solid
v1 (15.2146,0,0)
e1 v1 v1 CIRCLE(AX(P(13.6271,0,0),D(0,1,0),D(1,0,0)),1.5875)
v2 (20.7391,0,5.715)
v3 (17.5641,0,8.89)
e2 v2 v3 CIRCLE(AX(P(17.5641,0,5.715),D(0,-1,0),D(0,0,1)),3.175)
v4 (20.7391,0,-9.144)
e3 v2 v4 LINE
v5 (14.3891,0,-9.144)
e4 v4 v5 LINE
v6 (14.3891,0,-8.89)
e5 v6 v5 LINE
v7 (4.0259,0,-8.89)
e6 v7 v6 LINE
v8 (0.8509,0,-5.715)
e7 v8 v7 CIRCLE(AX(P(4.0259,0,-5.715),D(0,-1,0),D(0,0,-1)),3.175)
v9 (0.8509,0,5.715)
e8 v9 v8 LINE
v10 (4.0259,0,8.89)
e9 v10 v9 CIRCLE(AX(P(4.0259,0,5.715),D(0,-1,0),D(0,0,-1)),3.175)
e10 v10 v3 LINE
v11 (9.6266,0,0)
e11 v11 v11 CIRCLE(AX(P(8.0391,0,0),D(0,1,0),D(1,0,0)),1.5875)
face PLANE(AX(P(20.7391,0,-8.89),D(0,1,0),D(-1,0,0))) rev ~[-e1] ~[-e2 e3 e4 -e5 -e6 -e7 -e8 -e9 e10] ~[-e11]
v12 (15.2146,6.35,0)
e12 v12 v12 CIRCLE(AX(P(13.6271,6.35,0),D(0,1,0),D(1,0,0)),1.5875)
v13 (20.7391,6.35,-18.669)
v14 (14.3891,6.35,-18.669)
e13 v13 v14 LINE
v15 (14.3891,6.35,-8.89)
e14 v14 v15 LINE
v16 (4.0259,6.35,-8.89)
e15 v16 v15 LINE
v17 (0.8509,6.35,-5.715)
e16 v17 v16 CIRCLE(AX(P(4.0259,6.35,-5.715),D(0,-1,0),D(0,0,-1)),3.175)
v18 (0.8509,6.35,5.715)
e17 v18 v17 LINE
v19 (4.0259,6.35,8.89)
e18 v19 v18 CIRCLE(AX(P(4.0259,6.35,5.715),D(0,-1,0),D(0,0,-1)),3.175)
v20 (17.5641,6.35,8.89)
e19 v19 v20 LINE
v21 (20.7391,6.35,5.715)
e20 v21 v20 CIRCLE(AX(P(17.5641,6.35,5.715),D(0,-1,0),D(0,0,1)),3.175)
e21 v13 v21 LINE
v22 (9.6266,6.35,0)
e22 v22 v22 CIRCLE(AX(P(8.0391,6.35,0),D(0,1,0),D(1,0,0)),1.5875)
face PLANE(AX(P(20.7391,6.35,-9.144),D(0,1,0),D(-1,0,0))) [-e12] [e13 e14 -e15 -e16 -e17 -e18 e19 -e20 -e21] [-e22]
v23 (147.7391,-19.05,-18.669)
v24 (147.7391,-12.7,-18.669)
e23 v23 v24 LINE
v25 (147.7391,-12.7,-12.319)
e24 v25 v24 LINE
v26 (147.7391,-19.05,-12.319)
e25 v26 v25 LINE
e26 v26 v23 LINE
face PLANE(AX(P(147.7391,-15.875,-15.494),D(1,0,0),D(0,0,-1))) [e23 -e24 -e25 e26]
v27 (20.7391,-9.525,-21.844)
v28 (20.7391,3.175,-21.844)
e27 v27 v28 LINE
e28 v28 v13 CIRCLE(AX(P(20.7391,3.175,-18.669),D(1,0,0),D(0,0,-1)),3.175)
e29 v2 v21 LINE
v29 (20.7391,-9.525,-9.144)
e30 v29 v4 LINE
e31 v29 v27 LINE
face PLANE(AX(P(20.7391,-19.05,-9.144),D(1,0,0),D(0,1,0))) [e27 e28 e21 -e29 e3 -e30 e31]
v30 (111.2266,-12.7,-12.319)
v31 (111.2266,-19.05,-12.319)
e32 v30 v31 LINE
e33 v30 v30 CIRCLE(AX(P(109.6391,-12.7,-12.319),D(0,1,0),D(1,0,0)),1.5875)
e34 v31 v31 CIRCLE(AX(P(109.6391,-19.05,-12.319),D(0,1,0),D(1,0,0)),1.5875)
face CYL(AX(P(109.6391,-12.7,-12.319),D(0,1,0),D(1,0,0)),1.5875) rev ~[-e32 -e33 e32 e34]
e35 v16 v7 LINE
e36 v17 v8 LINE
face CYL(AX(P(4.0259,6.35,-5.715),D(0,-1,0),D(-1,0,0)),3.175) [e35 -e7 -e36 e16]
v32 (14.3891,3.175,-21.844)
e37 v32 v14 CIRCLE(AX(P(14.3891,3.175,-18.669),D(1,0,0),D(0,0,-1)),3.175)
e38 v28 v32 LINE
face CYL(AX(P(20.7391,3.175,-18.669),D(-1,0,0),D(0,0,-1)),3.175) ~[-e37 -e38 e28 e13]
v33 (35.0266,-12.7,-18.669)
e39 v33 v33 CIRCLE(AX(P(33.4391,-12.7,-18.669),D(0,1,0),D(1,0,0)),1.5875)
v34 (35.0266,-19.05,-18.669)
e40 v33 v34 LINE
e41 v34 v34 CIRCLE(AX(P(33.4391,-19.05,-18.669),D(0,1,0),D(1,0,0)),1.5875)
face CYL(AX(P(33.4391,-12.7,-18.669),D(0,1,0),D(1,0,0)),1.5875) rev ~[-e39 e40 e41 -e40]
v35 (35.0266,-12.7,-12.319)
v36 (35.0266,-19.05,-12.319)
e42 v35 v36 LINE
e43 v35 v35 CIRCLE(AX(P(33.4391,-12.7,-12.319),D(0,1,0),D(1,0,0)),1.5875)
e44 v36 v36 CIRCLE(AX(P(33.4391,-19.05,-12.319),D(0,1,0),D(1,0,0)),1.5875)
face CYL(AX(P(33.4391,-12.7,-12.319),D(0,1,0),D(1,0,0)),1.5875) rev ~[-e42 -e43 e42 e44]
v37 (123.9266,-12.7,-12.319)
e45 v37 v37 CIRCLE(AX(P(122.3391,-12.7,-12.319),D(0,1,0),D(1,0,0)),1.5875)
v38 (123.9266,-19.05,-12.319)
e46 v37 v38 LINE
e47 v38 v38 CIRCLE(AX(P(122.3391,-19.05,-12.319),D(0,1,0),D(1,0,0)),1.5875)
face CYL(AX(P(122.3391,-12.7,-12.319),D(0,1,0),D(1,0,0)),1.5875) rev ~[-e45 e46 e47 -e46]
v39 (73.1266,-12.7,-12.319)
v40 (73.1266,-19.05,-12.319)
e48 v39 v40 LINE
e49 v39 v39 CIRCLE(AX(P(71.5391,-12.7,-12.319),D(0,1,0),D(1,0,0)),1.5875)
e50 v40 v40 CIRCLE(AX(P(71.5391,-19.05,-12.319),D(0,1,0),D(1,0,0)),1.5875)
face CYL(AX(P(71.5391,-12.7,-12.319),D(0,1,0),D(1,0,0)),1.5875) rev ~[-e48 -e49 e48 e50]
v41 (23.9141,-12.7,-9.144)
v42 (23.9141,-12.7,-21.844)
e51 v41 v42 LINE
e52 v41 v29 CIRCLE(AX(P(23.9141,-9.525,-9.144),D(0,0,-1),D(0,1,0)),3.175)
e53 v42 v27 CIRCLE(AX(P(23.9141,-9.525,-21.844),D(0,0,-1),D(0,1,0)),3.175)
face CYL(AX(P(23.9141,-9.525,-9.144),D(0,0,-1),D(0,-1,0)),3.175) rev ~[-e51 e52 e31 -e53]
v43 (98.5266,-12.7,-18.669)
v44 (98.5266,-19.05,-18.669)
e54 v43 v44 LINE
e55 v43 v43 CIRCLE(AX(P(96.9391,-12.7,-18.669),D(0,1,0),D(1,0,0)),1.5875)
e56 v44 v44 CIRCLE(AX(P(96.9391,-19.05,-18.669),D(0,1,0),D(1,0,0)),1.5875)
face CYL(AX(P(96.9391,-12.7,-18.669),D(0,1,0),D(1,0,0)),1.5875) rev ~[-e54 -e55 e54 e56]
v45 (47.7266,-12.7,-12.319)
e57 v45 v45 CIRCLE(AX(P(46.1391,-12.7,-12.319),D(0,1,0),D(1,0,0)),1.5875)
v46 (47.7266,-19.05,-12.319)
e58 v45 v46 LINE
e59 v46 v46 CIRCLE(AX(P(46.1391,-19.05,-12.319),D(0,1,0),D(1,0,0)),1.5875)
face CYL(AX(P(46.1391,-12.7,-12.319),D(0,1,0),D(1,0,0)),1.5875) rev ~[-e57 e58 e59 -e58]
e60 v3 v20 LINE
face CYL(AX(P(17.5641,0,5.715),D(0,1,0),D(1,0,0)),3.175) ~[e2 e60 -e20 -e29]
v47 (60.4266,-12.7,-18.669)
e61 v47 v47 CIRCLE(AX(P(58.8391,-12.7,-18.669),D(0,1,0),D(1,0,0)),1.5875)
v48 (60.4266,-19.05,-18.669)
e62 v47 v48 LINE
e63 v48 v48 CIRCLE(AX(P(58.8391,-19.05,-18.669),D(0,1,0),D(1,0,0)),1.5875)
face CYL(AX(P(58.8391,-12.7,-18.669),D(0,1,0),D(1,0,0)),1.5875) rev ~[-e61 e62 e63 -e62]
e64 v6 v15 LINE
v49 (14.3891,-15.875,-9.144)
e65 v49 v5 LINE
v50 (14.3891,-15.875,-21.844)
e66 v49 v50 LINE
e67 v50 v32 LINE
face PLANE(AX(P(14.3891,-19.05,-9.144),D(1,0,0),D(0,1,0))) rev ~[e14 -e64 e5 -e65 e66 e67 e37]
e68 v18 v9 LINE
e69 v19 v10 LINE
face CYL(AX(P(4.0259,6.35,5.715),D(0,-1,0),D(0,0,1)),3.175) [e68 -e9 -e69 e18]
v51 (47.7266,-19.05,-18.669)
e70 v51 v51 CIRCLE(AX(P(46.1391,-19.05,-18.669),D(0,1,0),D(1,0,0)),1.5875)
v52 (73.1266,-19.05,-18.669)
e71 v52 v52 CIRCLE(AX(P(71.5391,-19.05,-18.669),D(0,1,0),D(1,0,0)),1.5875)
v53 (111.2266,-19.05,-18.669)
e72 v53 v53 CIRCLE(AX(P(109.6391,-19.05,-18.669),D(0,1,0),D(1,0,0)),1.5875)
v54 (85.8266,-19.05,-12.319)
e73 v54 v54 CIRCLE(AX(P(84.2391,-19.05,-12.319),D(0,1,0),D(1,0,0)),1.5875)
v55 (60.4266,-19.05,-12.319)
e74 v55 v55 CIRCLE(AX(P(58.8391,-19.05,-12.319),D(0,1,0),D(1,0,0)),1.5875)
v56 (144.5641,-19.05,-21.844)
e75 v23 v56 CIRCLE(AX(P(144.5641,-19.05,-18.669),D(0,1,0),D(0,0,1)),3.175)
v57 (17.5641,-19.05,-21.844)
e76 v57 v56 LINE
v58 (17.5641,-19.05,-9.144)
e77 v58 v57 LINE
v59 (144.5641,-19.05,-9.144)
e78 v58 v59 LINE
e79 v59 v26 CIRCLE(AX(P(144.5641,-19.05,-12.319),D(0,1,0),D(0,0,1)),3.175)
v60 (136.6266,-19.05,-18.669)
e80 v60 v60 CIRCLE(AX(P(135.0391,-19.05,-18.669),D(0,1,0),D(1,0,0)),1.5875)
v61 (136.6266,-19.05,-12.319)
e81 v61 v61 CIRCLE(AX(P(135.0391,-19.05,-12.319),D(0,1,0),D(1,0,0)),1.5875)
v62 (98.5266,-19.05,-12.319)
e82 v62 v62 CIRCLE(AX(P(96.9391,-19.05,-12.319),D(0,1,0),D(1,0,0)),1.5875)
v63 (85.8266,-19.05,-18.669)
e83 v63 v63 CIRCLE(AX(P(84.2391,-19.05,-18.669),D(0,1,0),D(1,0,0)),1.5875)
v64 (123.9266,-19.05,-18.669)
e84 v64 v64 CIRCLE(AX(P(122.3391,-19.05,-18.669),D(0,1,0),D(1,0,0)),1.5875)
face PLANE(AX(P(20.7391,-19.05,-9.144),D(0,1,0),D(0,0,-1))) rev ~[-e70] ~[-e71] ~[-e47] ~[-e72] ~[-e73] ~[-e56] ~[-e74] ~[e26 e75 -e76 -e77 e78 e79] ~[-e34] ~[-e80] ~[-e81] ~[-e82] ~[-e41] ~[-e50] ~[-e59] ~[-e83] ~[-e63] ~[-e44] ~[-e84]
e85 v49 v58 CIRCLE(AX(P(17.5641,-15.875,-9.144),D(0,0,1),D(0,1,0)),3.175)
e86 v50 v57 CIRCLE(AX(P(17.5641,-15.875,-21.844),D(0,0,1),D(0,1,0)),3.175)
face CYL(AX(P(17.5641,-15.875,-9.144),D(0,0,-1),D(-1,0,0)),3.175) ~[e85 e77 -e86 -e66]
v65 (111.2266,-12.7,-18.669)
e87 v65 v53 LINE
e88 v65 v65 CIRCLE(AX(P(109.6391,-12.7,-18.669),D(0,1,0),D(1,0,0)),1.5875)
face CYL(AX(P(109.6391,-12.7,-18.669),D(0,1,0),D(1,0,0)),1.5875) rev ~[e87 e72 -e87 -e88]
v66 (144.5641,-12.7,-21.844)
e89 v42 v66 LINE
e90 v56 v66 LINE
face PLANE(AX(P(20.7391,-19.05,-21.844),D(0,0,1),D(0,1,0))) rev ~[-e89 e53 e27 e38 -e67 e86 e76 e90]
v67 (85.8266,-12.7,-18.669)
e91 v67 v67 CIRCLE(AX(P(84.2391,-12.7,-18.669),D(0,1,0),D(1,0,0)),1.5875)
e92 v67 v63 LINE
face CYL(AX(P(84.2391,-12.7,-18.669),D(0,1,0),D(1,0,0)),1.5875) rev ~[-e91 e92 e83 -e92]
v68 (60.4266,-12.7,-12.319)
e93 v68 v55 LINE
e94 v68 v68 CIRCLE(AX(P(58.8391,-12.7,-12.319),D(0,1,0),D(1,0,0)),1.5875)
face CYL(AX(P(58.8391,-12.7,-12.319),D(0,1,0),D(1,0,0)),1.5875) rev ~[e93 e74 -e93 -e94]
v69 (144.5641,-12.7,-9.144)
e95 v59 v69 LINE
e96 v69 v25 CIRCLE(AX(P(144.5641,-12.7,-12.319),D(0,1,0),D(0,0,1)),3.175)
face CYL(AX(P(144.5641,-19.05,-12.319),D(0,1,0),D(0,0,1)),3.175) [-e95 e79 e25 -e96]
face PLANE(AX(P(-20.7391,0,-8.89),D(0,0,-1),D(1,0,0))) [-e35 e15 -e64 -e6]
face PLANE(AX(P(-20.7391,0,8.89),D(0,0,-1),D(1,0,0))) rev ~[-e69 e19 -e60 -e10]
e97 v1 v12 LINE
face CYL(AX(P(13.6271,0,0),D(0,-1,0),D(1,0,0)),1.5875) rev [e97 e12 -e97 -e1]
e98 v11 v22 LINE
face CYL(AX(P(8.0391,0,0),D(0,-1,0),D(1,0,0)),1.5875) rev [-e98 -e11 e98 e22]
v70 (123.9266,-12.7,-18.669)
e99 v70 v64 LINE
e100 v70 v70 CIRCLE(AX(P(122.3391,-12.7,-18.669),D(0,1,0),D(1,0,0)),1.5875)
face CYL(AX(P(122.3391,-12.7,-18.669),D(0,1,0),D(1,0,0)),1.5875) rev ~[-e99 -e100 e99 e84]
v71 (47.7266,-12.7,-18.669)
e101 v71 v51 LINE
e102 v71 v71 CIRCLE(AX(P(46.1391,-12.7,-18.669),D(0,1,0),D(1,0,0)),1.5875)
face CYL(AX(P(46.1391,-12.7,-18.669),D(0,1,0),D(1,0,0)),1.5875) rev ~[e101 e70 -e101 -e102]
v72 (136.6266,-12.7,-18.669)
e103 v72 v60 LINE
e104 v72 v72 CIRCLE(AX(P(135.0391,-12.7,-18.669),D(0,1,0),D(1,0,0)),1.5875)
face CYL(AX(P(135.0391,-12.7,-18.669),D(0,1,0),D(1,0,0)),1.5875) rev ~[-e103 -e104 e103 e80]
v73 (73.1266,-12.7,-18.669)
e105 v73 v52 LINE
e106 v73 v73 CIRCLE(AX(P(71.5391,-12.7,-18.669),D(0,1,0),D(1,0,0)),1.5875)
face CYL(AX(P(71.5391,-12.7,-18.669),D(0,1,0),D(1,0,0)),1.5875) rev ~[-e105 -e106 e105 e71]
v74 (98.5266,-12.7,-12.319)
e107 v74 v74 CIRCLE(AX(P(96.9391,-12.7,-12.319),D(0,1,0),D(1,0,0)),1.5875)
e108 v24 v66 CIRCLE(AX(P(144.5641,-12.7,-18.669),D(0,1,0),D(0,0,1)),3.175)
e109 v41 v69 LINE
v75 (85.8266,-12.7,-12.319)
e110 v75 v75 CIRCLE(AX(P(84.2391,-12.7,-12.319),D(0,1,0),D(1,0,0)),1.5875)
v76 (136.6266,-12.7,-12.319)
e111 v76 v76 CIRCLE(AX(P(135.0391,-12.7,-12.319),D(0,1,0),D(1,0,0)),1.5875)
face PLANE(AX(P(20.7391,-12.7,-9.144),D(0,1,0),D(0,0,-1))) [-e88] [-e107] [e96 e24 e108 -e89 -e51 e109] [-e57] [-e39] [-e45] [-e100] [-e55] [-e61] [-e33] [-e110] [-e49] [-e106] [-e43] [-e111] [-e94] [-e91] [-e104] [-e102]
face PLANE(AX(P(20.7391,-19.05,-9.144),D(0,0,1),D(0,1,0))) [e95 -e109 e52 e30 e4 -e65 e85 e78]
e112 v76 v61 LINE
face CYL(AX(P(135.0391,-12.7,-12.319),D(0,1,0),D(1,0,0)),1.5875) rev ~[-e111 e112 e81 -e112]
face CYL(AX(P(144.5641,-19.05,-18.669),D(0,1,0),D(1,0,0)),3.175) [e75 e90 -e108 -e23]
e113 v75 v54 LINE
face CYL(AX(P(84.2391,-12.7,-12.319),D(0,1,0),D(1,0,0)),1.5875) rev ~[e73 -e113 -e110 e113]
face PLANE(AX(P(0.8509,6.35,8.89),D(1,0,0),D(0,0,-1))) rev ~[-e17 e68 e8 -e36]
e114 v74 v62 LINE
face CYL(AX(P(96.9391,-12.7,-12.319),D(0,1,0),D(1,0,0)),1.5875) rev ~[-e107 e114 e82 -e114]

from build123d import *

# Parameters (mm, degrees)
SKETCH1_W           = 41.4782
SKETCH1_H           = 17.78
SKETCH1_R           = 4.445
SKETCH1_R_2         = 1.5875
BOSS_EXTRUDE1_DEPTH = 6.35
SKETCH2_W           = 6.35
SKETCH2_H           = 6.35
BOSS_EXTRUDE2_DEPTH = 0.254
SKETCH3_W           = 6.35
SKETCH3_H           = 25.4
BOSS_EXTRUDE3_DEPTH = 12.7
SKETCH4_W           = 12.7
SKETCH4_H           = 6.35
BOSS_EXTRUDE4_DEPTH = 127
SKETCH5_R           = 1.5875
CUT_EXTRUDE1_DEPTH  = 7.35
SKETCH6_W           = 21.59
SKETCH6_H           = 17.78
CUT_EXTRUDE2_DEPTH  = 26.4
FILLET1_R           = 3.175


with BuildPart() as part:
    # Sketch1 → Boss-Extrude1 (new body)
    with BuildSketch(Plane(origin=(0, 0, 0), x_dir=(1, 0, 0), z_dir=(0, 1, 0))):
        Rectangle(SKETCH1_W, SKETCH1_H)
        with Locations((-8.0391, 0)):
            Circle(SKETCH1_R, mode=Mode.SUBTRACT)
        with Locations((13.6271, 0)):
            Circle(SKETCH1_R_2, mode=Mode.SUBTRACT)
        with Locations((8.0391, 0)):
            Circle(SKETCH1_R_2, mode=Mode.SUBTRACT)
    extrude(amount=BOSS_EXTRUDE1_DEPTH)

    # Sketch2 → Boss-Extrude2 (add)
    with BuildSketch(Plane(origin=(0, 0, -8.89), x_dir=(-1, 0, 0), z_dir=(0, 0, -1))):
        with Locations((-17.5641, 3.175)):
            Rectangle(SKETCH2_W, SKETCH2_H)
    extrude(amount=BOSS_EXTRUDE2_DEPTH)

    # Sketch3 → Boss-Extrude3 (add)
    with BuildSketch(Plane(origin=(0, 0, -9.144), x_dir=(-1, 0, 0), z_dir=(0, 0, -1))):
        with Locations((-17.5641, -6.35)):
            Rectangle(SKETCH3_W, SKETCH3_H)
    extrude(amount=BOSS_EXTRUDE3_DEPTH)

    # Sketch4 → Boss-Extrude4 (add)
    with BuildSketch(Plane(origin=(20.7391, 0, 0), x_dir=(0, 0, -1), z_dir=(1, 0, 0))):
        with Locations((15.494, -15.875)):
            Rectangle(SKETCH4_W, SKETCH4_H)
    extrude(amount=BOSS_EXTRUDE4_DEPTH)

    # Sketch5 → Cut-Extrude1 (cut, through all)
    with BuildSketch(Plane(origin=(0, -12.7, 0), x_dir=(1, 0, 0), z_dir=(0, 1, 0))):
        with Locations((33.4391, 18.669)):
            Circle(SKETCH5_R)
        with Locations((33.4391, 12.319)):
            Circle(SKETCH5_R)
        with Locations((46.1391, 12.319)):
            Circle(SKETCH5_R)
        with Locations((46.1391, 18.669)):
            Circle(SKETCH5_R)
        with Locations((58.8391, 12.319)):
            Circle(SKETCH5_R)
        with Locations((58.8391, 18.669)):
            Circle(SKETCH5_R)
        with Locations((71.5391, 12.319)):
            Circle(SKETCH5_R)
        with Locations((71.5391, 18.669)):
            Circle(SKETCH5_R)
        with Locations((84.2391, 12.319)):
            Circle(SKETCH5_R)
        with Locations((84.2391, 18.669)):
            Circle(SKETCH5_R)
        with Locations((96.9391, 12.319)):
            Circle(SKETCH5_R)
        with Locations((96.9391, 18.669)):
            Circle(SKETCH5_R)
        with Locations((109.6391, 12.319)):
            Circle(SKETCH5_R)
        with Locations((109.6391, 18.669)):
            Circle(SKETCH5_R)
        with Locations((122.3391, 12.319)):
            Circle(SKETCH5_R)
        with Locations((122.3391, 18.669)):
            Circle(SKETCH5_R)
        with Locations((135.0391, 12.319)):
            Circle(SKETCH5_R)
        with Locations((135.0391, 18.669)):
            Circle(SKETCH5_R)
    extrude(amount=-CUT_EXTRUDE1_DEPTH, mode=Mode.SUBTRACT)

    # Sketch6 → Cut-Extrude2 (cut, through all)
    with BuildSketch(Plane(origin=(0, 6.35, 0), x_dir=(1, 0, 0), z_dir=(0, 1, 0))):
        with Locations((-9.9441, 0)):
            Rectangle(SKETCH6_W, SKETCH6_H)
    extrude(amount=-CUT_EXTRUDE2_DEPTH, mode=Mode.SUBTRACT)

    # Fillet1
    fillet1_edges = [part.edges().sort_by_distance(p)[0] for p in [
        (0.8509, 3.175, 8.89),
        (0.8509, 3.175, -8.89),
        (14.3891, -19.05, -15.494),
        (17.5641, 6.35, -21.844),
        (20.7391, -12.7, -15.494),
        (147.7391, -15.875, -9.144),
        (147.7391, -15.875, -21.844),
        (20.7391, 3.175, 8.89),
    ]]
    fillet(fillet1_edges, radius=FILLET1_R)


solid = part.part
